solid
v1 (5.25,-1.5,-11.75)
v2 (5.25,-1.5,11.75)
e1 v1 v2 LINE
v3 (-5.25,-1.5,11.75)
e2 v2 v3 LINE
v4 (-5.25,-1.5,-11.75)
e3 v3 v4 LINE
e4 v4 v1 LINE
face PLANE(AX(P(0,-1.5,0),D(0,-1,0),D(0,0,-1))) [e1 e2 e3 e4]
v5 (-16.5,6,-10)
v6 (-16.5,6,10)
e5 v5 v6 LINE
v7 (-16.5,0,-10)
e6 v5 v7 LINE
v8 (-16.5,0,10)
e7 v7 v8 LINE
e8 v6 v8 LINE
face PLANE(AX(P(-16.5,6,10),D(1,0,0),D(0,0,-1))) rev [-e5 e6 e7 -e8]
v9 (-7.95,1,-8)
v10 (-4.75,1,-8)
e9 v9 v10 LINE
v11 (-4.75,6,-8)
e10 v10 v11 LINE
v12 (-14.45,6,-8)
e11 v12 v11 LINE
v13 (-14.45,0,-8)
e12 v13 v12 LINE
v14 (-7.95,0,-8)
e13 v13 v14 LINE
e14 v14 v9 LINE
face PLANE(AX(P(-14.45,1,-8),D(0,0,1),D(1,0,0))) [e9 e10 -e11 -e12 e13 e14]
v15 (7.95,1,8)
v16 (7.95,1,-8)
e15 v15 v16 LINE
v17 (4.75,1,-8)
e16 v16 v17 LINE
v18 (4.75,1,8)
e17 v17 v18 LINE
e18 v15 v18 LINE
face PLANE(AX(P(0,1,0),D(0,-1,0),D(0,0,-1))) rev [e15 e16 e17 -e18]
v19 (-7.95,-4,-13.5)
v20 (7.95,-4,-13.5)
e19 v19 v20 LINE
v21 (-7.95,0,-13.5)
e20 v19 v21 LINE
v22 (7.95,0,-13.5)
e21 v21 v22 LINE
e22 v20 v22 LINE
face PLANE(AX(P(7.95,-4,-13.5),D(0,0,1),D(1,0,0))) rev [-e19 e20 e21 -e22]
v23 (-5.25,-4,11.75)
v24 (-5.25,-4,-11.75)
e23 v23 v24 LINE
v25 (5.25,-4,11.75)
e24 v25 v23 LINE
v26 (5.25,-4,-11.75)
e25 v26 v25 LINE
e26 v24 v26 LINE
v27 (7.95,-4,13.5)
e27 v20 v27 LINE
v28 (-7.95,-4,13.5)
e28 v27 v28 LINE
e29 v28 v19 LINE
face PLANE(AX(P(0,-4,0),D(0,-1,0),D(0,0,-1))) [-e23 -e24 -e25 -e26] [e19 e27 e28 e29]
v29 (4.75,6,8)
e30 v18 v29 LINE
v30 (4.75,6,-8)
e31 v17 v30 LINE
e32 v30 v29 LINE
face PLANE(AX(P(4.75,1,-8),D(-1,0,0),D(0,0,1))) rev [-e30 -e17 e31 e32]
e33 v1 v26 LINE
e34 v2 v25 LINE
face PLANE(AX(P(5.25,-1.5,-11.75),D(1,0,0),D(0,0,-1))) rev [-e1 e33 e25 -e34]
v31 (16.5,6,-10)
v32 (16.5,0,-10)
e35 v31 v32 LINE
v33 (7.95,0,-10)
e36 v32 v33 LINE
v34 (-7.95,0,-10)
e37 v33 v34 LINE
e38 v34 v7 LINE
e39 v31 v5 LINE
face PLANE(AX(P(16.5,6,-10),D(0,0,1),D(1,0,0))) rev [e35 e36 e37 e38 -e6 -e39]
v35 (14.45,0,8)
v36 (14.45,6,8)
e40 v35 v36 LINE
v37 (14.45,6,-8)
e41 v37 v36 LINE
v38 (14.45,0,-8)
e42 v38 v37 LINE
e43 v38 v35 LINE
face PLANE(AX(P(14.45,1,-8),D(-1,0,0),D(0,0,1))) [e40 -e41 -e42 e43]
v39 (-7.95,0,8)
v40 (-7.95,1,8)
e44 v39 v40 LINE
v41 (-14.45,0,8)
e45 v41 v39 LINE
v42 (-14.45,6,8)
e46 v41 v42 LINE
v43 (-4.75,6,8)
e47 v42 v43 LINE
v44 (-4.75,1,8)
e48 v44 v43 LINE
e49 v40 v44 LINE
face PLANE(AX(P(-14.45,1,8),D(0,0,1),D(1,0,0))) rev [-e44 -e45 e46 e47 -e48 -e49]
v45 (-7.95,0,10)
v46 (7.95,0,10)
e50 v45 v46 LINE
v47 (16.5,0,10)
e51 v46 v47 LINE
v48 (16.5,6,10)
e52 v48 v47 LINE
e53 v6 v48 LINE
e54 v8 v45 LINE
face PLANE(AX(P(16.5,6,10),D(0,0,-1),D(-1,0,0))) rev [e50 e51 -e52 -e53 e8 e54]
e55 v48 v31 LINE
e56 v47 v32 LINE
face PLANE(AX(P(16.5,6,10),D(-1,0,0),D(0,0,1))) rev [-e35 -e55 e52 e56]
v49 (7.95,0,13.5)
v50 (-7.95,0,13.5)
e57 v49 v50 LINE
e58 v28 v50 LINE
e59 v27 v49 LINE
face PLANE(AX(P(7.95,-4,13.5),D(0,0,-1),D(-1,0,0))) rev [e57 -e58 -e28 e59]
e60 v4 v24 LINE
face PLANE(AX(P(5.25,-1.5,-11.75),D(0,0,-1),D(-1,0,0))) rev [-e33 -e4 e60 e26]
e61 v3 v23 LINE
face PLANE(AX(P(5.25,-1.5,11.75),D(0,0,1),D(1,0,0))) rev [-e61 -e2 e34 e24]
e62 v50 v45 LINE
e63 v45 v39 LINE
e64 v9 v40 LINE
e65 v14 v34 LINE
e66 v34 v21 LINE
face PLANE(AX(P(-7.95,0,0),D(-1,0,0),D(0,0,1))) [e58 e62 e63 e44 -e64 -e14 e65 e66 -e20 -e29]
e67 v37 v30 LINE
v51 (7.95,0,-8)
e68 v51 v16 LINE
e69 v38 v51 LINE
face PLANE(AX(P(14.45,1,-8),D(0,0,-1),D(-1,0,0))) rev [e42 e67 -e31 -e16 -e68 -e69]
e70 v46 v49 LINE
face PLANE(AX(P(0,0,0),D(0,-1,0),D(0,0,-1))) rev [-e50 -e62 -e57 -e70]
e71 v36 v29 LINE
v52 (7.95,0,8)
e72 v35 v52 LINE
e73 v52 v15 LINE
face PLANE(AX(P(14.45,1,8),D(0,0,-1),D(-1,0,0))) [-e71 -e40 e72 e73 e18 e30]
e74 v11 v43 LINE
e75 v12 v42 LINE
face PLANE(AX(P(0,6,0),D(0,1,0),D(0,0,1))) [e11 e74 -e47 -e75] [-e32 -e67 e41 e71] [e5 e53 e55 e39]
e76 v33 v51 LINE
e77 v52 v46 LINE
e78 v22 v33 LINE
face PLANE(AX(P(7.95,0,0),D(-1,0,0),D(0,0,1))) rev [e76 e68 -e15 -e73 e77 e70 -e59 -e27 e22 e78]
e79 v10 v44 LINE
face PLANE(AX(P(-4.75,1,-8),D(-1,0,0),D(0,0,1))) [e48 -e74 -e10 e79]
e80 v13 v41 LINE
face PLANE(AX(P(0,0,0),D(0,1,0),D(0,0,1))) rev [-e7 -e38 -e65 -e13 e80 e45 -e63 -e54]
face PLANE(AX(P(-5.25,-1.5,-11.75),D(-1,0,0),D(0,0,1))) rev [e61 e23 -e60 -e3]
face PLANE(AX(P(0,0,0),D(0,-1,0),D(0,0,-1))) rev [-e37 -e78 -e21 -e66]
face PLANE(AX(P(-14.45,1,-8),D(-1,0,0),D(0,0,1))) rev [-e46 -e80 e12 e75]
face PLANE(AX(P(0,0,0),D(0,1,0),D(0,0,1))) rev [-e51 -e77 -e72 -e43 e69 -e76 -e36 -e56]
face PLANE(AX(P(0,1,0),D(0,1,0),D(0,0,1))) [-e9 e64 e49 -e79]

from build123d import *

# Parameters (mm, degrees)
SZKIC1_W                    = 33
SZKIC1_H                    = 20
DODANIE_WYCI_GNI_CIE1_DEPTH = 6
SZKIC2_W                    = 9.7
SZKIC2_H                    = 16
WYTNIJ_WYCI_GNI_CIE1_DEPTH  = 5
SZKIC2_4_W                  = 6.5
SZKIC2_4_H                  = 16
WYTNIJ_WYCI_GNI_CIE2_DEPTH  = 21.205197351
SZKIC3_W                    = 15.9
SZKIC3_H                    = 27
DODANIE_WYCI_GNI_CIE2_DEPTH = 4
SZKIC4_W                    = 10.5
SZKIC4_H                    = 23.5
WYTNIJ_WYCI_GNI_CIE3_DEPTH  = 2.5


with BuildPart() as part:
    # Szkic1 → Dodanie-wyciągnięcie1 (new body)
    with BuildSketch(Plane(origin=(0, 0, 0), x_dir=(1, 0, 0), z_dir=(0, 1, 0))):
        Rectangle(SZKIC1_W, SZKIC1_H)
    extrude(amount=DODANIE_WYCI_GNI_CIE1_DEPTH)

    # Szkic2 → Wytnij-wyciągnięcie1 (cut)
    with BuildSketch(Plane(origin=(0, 6, 0), x_dir=(1, 0, 0), z_dir=(0, 1, 0))):
        with Locations((-9.6, 0)):
            Rectangle(SZKIC2_W, SZKIC2_H)
        with Locations((9.6, 0)):
            Rectangle(SZKIC2_W, SZKIC2_H)
    extrude(amount=-WYTNIJ_WYCI_GNI_CIE1_DEPTH, mode=Mode.SUBTRACT)

    # Szkic2<4> → Wytnij-wyciągnięcie2 (cut, through all)
    with BuildSketch(Plane(origin=(0, 6, 0), x_dir=(1, 0, 0), z_dir=(0, 1, 0))):
        with Locations((-11.2, 0)):
            Rectangle(SZKIC2_4_W, SZKIC2_4_H)
        with Locations((11.2, 0)):
            Rectangle(SZKIC2_4_W, SZKIC2_4_H)
    extrude(amount=-WYTNIJ_WYCI_GNI_CIE2_DEPTH, mode=Mode.SUBTRACT)

    # Szkic3 → Dodanie-wyciągnięcie2 (add)
    with BuildSketch(Plane.XZ):
        Rectangle(SZKIC3_W, SZKIC3_H)
    extrude(amount=DODANIE_WYCI_GNI_CIE2_DEPTH)

    # Szkic4 → Wytnij-wyciągnięcie3 (cut)
    with BuildSketch(Plane.XZ.offset(4)):
        Rectangle(SZKIC4_W, SZKIC4_H)
    extrude(amount=-WYTNIJ_WYCI_GNI_CIE3_DEPTH, mode=Mode.SUBTRACT)


solid = part.part
